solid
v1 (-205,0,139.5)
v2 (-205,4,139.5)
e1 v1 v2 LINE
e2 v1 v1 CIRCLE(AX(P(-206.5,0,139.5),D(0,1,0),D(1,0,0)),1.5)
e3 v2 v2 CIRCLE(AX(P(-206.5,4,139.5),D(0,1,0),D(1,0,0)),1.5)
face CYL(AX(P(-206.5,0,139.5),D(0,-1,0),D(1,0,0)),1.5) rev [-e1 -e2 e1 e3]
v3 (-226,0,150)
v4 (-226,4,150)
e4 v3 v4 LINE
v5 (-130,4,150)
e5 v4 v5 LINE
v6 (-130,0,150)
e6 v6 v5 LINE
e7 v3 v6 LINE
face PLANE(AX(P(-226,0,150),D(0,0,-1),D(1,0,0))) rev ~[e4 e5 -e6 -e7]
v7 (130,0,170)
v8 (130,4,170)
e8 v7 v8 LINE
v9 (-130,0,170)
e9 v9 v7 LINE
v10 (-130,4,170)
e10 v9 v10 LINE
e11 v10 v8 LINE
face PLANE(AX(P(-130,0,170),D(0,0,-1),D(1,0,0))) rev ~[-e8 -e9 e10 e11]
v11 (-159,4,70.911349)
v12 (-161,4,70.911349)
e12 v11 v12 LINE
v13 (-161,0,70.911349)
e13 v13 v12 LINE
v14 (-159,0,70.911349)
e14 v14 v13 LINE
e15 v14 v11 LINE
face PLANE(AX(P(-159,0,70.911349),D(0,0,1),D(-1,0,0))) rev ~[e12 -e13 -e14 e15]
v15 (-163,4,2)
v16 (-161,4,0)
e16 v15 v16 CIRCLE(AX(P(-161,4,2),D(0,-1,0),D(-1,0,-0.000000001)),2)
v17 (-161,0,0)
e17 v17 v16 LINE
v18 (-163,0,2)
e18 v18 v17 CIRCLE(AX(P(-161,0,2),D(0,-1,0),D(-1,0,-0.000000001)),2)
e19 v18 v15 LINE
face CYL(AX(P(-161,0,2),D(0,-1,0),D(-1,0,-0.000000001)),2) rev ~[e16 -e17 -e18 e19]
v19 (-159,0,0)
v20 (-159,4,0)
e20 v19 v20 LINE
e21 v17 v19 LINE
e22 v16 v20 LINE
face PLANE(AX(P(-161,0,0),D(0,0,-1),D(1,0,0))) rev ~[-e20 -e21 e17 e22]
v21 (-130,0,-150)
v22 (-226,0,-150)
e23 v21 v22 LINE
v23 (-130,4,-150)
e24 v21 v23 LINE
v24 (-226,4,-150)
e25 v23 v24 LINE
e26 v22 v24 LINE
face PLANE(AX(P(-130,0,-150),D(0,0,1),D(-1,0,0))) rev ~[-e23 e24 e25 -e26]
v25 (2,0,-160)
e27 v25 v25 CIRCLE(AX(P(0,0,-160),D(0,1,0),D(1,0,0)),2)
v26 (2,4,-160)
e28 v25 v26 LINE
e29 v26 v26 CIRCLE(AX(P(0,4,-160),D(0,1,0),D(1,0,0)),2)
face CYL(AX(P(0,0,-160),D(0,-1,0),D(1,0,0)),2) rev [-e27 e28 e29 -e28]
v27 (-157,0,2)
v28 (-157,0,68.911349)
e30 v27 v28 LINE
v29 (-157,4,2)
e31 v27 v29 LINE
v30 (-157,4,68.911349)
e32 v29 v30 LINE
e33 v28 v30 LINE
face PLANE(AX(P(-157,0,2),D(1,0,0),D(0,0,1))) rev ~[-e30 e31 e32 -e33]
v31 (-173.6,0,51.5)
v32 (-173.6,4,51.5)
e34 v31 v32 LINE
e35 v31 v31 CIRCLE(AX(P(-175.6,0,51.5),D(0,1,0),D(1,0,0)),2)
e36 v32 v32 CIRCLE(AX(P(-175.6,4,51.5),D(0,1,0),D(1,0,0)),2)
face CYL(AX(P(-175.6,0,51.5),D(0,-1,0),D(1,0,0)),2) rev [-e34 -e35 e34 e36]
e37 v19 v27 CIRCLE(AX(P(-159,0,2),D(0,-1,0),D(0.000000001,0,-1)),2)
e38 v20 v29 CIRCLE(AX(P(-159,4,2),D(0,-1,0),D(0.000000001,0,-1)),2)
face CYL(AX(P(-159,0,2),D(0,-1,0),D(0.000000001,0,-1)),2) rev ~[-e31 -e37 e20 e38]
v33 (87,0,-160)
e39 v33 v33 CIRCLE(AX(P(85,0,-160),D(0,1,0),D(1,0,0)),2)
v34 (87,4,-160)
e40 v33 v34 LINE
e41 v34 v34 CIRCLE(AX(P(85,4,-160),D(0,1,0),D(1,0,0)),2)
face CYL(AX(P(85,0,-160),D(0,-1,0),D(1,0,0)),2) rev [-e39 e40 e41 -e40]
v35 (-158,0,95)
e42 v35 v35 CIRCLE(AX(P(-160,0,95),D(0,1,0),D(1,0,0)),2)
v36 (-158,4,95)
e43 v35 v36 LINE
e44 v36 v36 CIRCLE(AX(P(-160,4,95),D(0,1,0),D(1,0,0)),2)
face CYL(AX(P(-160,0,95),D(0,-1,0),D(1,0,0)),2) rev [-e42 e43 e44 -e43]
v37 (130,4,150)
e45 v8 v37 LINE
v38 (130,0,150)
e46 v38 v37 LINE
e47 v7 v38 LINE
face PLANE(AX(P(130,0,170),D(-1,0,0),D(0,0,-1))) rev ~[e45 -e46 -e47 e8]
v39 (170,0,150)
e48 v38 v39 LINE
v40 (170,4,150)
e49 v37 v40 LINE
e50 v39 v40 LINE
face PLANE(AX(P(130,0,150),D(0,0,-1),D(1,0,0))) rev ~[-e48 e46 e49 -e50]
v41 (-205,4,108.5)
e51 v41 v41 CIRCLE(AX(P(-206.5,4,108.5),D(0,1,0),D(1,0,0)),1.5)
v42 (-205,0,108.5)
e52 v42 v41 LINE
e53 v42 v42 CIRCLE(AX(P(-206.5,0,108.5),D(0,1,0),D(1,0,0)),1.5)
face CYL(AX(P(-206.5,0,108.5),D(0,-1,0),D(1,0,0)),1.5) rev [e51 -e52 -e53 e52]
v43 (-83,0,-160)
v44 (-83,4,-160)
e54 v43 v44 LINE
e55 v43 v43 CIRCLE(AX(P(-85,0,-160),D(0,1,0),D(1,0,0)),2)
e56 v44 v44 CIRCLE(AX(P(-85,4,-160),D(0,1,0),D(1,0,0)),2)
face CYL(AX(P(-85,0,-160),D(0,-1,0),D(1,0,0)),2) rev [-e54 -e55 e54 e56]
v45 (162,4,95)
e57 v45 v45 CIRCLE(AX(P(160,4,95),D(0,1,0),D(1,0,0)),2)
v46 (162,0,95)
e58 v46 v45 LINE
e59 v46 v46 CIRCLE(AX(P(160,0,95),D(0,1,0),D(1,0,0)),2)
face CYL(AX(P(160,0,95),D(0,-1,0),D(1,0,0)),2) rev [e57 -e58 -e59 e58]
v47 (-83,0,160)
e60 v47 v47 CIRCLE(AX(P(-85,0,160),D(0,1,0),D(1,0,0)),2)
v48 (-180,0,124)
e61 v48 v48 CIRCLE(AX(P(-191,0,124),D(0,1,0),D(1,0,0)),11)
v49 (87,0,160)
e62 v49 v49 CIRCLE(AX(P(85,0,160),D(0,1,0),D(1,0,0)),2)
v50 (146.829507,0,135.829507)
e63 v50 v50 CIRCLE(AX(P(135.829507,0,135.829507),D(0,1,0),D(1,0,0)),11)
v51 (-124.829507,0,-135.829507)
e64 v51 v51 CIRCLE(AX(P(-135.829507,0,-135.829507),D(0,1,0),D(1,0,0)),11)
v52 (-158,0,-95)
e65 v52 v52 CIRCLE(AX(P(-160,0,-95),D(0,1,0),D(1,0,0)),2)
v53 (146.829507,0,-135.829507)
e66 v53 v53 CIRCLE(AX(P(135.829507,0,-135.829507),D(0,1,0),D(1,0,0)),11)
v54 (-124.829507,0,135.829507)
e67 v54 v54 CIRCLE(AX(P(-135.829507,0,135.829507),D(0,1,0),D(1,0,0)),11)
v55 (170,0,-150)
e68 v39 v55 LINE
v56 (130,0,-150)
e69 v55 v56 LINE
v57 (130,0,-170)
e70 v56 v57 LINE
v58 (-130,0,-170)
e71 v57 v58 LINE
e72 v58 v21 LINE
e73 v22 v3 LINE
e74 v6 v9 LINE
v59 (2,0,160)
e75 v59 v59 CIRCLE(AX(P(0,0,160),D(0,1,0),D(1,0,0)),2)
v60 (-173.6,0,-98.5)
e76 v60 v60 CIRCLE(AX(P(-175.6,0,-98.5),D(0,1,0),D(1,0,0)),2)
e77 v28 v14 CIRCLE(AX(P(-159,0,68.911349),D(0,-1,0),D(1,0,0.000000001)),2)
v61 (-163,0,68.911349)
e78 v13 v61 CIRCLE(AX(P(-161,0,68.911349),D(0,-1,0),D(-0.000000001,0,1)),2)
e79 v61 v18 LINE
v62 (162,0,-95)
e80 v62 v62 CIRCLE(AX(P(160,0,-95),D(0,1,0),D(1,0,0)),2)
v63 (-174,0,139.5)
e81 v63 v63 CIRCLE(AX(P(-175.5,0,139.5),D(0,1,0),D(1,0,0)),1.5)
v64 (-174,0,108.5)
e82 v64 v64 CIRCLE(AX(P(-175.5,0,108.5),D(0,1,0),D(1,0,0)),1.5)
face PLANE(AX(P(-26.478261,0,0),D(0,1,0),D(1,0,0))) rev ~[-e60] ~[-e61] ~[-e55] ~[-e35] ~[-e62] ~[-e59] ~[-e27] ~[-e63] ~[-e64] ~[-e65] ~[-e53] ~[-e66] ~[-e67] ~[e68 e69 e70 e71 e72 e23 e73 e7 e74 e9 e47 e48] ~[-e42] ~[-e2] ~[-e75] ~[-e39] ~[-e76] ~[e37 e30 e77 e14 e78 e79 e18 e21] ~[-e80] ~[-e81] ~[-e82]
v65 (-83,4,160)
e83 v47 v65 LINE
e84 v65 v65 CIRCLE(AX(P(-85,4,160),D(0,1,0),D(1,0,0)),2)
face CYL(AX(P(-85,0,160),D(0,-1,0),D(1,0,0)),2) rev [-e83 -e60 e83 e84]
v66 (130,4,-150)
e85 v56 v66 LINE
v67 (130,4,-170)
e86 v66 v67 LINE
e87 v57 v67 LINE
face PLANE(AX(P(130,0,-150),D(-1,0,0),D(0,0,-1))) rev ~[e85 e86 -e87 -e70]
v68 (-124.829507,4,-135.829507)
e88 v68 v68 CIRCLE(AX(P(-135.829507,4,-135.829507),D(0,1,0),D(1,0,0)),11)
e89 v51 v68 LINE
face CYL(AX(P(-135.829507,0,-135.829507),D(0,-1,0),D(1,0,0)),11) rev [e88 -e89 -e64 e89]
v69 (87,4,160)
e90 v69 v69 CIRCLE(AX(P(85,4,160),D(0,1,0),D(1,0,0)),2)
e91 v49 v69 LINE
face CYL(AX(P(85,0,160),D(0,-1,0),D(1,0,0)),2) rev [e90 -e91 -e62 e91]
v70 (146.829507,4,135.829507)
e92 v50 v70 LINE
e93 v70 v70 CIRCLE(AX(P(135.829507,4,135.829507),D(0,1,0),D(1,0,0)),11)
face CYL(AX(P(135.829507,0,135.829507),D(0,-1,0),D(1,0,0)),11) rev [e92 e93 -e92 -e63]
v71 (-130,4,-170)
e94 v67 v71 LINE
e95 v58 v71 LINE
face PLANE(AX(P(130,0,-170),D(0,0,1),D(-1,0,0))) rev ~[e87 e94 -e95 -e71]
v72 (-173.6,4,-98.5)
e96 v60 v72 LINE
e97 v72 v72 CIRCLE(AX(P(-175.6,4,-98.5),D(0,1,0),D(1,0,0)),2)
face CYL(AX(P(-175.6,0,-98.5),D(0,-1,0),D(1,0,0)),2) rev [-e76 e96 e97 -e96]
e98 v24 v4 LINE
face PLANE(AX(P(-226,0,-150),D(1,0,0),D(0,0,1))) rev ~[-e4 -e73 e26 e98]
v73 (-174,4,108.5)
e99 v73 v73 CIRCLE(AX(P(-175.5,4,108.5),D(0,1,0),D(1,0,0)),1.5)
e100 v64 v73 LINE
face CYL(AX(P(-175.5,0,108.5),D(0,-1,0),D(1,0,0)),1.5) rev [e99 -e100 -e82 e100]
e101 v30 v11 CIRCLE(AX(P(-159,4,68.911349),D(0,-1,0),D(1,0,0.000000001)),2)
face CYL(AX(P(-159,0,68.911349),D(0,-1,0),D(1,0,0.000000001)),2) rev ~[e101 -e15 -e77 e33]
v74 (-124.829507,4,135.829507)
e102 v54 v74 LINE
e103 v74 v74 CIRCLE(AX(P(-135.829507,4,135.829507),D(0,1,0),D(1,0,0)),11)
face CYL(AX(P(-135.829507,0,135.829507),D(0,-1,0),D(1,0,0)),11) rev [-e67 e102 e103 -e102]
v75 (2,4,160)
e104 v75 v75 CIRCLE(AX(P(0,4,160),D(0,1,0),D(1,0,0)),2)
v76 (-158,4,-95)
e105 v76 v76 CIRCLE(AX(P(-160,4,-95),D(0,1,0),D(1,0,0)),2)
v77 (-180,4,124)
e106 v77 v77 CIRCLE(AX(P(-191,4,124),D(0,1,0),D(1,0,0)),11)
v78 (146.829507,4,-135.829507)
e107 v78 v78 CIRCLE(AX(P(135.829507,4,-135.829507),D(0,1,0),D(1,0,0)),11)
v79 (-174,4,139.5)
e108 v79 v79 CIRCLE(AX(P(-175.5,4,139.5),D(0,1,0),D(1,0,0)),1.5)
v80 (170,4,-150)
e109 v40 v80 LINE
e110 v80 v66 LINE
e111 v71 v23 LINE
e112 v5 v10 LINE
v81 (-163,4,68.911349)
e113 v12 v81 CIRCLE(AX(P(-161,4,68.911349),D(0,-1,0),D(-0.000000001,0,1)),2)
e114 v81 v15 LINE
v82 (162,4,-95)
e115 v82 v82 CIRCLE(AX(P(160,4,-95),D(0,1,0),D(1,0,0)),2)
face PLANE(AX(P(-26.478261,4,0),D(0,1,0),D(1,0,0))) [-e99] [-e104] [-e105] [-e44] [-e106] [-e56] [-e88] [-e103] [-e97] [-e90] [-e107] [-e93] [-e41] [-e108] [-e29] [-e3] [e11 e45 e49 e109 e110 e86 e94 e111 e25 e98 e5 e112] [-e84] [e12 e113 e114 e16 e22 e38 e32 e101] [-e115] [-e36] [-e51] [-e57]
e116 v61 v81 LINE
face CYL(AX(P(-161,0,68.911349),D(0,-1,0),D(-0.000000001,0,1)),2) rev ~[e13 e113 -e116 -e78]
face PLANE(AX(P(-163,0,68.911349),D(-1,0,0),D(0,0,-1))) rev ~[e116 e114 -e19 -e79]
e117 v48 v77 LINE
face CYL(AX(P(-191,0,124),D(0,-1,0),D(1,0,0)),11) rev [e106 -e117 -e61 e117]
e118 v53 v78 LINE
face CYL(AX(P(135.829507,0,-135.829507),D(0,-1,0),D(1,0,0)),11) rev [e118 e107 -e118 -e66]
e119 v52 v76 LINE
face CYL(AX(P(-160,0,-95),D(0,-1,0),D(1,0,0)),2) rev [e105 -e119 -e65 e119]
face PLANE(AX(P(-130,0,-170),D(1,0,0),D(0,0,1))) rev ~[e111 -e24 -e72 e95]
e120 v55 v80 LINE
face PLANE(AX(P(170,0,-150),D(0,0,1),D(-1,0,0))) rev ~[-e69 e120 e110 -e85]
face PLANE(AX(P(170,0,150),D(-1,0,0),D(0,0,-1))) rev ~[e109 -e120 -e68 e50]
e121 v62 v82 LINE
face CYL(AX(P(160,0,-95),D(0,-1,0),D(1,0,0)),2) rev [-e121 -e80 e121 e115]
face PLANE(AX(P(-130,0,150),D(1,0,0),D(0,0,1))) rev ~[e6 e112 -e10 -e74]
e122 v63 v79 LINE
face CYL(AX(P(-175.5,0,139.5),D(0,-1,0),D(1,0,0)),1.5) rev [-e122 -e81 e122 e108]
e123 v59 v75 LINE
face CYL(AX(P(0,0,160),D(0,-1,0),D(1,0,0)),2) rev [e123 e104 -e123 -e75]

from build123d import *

# Parameters (mm, degrees)
SKETCH1_4_R         = 11
SKETCH1_4_R_2       = 2
SKETCH1_4_R_3       = 1.5
BOSS_EXTRUDE3_DEPTH = 4


with BuildPart() as part:
    # Sketch1_4 → Boss-Extrude3 (new body)
    with BuildSketch(Plane(origin=(0, 0, 0), x_dir=(1, 0, 0), z_dir=(0, 1, 0))):
        Polygon((130, -150), (170, -150), (170, 150), (130, 150), (130, 170), (-130, 170), (-130, 150), (-226, 150), (-226, -150), (-130, -150), (-130, -170), (130, -170), align=None)
        with Locations((135.829506597, -135.829506597)):
            Circle(SKETCH1_4_R, mode=Mode.SUBTRACT)
        with Locations((160, -95)):
            Circle(SKETCH1_4_R_2, mode=Mode.SUBTRACT)
        with Locations((160, 95)):
            Circle(SKETCH1_4_R_2, mode=Mode.SUBTRACT)
        with Locations((135.829506597, 135.829506597)):
            Circle(SKETCH1_4_R, mode=Mode.SUBTRACT)
        with Locations((85, -160)):
            Circle(SKETCH1_4_R_2, mode=Mode.SUBTRACT)
        with Locations((-85, -160)):
            Circle(SKETCH1_4_R_2, mode=Mode.SUBTRACT)
        with Locations((0, -160)):
            Circle(SKETCH1_4_R_2, mode=Mode.SUBTRACT)
        with Locations((85, 160)):
            Circle(SKETCH1_4_R_2, mode=Mode.SUBTRACT)
        with Locations((-85, 160)):
            Circle(SKETCH1_4_R_2, mode=Mode.SUBTRACT)
        with Locations((0, 160)):
            Circle(SKETCH1_4_R_2, mode=Mode.SUBTRACT)
        with BuildLine():
            Line((-161, 0), (-159, 0))
            ThreePointArc((-159, 0), (-157.585786438, -0.585786438), (-157, -2))
            Line((-157, -2), (-157, -68.911348687))
            ThreePointArc((-157, -68.911348687), (-157.585786438, -70.325562249), (-159, -70.911348687))
            Line((-159, -70.911348687), (-161, -70.911348687))
            ThreePointArc((-161, -70.911348687), (-162.414213562, -70.325562249), (-163, -68.911348687))
            Line((-163, -68.911348687), (-163, -2))
            ThreePointArc((-163, -2), (-162.414213562, -0.585786438), (-161, 0))
        make_face(mode=Mode.SUBTRACT)
        with Locations((-135.829506597, 135.829506597)):
            Circle(SKETCH1_4_R, mode=Mode.SUBTRACT)
        with Locations((-160, 95)):
            Circle(SKETCH1_4_R_2, mode=Mode.SUBTRACT)
        with Locations((-135.829506597, -135.829506597)):
            Circle(SKETCH1_4_R, mode=Mode.SUBTRACT)
        with Locations((-160, -95)):
            Circle(SKETCH1_4_R_2, mode=Mode.SUBTRACT)
        with Locations((-206.5, -139.5)):
            Circle(SKETCH1_4_R_3, mode=Mode.SUBTRACT)
        with Locations((-175.5, -139.5)):
            Circle(SKETCH1_4_R_3, mode=Mode.SUBTRACT)
        with Locations((-206.5, -108.5)):
            Circle(SKETCH1_4_R_3, mode=Mode.SUBTRACT)
        with Locations((-191, -124)):
            Circle(SKETCH1_4_R, mode=Mode.SUBTRACT)
        with Locations((-175.5, -108.5)):
            Circle(SKETCH1_4_R_3, mode=Mode.SUBTRACT)
        with Locations((-175.6, -51.5)):
            Circle(SKETCH1_4_R_2, mode=Mode.SUBTRACT)
        with Locations((-175.6, 98.5)):
            Circle(SKETCH1_4_R_2, mode=Mode.SUBTRACT)
    extrude(amount=BOSS_EXTRUDE3_DEPTH)


solid = part.part
